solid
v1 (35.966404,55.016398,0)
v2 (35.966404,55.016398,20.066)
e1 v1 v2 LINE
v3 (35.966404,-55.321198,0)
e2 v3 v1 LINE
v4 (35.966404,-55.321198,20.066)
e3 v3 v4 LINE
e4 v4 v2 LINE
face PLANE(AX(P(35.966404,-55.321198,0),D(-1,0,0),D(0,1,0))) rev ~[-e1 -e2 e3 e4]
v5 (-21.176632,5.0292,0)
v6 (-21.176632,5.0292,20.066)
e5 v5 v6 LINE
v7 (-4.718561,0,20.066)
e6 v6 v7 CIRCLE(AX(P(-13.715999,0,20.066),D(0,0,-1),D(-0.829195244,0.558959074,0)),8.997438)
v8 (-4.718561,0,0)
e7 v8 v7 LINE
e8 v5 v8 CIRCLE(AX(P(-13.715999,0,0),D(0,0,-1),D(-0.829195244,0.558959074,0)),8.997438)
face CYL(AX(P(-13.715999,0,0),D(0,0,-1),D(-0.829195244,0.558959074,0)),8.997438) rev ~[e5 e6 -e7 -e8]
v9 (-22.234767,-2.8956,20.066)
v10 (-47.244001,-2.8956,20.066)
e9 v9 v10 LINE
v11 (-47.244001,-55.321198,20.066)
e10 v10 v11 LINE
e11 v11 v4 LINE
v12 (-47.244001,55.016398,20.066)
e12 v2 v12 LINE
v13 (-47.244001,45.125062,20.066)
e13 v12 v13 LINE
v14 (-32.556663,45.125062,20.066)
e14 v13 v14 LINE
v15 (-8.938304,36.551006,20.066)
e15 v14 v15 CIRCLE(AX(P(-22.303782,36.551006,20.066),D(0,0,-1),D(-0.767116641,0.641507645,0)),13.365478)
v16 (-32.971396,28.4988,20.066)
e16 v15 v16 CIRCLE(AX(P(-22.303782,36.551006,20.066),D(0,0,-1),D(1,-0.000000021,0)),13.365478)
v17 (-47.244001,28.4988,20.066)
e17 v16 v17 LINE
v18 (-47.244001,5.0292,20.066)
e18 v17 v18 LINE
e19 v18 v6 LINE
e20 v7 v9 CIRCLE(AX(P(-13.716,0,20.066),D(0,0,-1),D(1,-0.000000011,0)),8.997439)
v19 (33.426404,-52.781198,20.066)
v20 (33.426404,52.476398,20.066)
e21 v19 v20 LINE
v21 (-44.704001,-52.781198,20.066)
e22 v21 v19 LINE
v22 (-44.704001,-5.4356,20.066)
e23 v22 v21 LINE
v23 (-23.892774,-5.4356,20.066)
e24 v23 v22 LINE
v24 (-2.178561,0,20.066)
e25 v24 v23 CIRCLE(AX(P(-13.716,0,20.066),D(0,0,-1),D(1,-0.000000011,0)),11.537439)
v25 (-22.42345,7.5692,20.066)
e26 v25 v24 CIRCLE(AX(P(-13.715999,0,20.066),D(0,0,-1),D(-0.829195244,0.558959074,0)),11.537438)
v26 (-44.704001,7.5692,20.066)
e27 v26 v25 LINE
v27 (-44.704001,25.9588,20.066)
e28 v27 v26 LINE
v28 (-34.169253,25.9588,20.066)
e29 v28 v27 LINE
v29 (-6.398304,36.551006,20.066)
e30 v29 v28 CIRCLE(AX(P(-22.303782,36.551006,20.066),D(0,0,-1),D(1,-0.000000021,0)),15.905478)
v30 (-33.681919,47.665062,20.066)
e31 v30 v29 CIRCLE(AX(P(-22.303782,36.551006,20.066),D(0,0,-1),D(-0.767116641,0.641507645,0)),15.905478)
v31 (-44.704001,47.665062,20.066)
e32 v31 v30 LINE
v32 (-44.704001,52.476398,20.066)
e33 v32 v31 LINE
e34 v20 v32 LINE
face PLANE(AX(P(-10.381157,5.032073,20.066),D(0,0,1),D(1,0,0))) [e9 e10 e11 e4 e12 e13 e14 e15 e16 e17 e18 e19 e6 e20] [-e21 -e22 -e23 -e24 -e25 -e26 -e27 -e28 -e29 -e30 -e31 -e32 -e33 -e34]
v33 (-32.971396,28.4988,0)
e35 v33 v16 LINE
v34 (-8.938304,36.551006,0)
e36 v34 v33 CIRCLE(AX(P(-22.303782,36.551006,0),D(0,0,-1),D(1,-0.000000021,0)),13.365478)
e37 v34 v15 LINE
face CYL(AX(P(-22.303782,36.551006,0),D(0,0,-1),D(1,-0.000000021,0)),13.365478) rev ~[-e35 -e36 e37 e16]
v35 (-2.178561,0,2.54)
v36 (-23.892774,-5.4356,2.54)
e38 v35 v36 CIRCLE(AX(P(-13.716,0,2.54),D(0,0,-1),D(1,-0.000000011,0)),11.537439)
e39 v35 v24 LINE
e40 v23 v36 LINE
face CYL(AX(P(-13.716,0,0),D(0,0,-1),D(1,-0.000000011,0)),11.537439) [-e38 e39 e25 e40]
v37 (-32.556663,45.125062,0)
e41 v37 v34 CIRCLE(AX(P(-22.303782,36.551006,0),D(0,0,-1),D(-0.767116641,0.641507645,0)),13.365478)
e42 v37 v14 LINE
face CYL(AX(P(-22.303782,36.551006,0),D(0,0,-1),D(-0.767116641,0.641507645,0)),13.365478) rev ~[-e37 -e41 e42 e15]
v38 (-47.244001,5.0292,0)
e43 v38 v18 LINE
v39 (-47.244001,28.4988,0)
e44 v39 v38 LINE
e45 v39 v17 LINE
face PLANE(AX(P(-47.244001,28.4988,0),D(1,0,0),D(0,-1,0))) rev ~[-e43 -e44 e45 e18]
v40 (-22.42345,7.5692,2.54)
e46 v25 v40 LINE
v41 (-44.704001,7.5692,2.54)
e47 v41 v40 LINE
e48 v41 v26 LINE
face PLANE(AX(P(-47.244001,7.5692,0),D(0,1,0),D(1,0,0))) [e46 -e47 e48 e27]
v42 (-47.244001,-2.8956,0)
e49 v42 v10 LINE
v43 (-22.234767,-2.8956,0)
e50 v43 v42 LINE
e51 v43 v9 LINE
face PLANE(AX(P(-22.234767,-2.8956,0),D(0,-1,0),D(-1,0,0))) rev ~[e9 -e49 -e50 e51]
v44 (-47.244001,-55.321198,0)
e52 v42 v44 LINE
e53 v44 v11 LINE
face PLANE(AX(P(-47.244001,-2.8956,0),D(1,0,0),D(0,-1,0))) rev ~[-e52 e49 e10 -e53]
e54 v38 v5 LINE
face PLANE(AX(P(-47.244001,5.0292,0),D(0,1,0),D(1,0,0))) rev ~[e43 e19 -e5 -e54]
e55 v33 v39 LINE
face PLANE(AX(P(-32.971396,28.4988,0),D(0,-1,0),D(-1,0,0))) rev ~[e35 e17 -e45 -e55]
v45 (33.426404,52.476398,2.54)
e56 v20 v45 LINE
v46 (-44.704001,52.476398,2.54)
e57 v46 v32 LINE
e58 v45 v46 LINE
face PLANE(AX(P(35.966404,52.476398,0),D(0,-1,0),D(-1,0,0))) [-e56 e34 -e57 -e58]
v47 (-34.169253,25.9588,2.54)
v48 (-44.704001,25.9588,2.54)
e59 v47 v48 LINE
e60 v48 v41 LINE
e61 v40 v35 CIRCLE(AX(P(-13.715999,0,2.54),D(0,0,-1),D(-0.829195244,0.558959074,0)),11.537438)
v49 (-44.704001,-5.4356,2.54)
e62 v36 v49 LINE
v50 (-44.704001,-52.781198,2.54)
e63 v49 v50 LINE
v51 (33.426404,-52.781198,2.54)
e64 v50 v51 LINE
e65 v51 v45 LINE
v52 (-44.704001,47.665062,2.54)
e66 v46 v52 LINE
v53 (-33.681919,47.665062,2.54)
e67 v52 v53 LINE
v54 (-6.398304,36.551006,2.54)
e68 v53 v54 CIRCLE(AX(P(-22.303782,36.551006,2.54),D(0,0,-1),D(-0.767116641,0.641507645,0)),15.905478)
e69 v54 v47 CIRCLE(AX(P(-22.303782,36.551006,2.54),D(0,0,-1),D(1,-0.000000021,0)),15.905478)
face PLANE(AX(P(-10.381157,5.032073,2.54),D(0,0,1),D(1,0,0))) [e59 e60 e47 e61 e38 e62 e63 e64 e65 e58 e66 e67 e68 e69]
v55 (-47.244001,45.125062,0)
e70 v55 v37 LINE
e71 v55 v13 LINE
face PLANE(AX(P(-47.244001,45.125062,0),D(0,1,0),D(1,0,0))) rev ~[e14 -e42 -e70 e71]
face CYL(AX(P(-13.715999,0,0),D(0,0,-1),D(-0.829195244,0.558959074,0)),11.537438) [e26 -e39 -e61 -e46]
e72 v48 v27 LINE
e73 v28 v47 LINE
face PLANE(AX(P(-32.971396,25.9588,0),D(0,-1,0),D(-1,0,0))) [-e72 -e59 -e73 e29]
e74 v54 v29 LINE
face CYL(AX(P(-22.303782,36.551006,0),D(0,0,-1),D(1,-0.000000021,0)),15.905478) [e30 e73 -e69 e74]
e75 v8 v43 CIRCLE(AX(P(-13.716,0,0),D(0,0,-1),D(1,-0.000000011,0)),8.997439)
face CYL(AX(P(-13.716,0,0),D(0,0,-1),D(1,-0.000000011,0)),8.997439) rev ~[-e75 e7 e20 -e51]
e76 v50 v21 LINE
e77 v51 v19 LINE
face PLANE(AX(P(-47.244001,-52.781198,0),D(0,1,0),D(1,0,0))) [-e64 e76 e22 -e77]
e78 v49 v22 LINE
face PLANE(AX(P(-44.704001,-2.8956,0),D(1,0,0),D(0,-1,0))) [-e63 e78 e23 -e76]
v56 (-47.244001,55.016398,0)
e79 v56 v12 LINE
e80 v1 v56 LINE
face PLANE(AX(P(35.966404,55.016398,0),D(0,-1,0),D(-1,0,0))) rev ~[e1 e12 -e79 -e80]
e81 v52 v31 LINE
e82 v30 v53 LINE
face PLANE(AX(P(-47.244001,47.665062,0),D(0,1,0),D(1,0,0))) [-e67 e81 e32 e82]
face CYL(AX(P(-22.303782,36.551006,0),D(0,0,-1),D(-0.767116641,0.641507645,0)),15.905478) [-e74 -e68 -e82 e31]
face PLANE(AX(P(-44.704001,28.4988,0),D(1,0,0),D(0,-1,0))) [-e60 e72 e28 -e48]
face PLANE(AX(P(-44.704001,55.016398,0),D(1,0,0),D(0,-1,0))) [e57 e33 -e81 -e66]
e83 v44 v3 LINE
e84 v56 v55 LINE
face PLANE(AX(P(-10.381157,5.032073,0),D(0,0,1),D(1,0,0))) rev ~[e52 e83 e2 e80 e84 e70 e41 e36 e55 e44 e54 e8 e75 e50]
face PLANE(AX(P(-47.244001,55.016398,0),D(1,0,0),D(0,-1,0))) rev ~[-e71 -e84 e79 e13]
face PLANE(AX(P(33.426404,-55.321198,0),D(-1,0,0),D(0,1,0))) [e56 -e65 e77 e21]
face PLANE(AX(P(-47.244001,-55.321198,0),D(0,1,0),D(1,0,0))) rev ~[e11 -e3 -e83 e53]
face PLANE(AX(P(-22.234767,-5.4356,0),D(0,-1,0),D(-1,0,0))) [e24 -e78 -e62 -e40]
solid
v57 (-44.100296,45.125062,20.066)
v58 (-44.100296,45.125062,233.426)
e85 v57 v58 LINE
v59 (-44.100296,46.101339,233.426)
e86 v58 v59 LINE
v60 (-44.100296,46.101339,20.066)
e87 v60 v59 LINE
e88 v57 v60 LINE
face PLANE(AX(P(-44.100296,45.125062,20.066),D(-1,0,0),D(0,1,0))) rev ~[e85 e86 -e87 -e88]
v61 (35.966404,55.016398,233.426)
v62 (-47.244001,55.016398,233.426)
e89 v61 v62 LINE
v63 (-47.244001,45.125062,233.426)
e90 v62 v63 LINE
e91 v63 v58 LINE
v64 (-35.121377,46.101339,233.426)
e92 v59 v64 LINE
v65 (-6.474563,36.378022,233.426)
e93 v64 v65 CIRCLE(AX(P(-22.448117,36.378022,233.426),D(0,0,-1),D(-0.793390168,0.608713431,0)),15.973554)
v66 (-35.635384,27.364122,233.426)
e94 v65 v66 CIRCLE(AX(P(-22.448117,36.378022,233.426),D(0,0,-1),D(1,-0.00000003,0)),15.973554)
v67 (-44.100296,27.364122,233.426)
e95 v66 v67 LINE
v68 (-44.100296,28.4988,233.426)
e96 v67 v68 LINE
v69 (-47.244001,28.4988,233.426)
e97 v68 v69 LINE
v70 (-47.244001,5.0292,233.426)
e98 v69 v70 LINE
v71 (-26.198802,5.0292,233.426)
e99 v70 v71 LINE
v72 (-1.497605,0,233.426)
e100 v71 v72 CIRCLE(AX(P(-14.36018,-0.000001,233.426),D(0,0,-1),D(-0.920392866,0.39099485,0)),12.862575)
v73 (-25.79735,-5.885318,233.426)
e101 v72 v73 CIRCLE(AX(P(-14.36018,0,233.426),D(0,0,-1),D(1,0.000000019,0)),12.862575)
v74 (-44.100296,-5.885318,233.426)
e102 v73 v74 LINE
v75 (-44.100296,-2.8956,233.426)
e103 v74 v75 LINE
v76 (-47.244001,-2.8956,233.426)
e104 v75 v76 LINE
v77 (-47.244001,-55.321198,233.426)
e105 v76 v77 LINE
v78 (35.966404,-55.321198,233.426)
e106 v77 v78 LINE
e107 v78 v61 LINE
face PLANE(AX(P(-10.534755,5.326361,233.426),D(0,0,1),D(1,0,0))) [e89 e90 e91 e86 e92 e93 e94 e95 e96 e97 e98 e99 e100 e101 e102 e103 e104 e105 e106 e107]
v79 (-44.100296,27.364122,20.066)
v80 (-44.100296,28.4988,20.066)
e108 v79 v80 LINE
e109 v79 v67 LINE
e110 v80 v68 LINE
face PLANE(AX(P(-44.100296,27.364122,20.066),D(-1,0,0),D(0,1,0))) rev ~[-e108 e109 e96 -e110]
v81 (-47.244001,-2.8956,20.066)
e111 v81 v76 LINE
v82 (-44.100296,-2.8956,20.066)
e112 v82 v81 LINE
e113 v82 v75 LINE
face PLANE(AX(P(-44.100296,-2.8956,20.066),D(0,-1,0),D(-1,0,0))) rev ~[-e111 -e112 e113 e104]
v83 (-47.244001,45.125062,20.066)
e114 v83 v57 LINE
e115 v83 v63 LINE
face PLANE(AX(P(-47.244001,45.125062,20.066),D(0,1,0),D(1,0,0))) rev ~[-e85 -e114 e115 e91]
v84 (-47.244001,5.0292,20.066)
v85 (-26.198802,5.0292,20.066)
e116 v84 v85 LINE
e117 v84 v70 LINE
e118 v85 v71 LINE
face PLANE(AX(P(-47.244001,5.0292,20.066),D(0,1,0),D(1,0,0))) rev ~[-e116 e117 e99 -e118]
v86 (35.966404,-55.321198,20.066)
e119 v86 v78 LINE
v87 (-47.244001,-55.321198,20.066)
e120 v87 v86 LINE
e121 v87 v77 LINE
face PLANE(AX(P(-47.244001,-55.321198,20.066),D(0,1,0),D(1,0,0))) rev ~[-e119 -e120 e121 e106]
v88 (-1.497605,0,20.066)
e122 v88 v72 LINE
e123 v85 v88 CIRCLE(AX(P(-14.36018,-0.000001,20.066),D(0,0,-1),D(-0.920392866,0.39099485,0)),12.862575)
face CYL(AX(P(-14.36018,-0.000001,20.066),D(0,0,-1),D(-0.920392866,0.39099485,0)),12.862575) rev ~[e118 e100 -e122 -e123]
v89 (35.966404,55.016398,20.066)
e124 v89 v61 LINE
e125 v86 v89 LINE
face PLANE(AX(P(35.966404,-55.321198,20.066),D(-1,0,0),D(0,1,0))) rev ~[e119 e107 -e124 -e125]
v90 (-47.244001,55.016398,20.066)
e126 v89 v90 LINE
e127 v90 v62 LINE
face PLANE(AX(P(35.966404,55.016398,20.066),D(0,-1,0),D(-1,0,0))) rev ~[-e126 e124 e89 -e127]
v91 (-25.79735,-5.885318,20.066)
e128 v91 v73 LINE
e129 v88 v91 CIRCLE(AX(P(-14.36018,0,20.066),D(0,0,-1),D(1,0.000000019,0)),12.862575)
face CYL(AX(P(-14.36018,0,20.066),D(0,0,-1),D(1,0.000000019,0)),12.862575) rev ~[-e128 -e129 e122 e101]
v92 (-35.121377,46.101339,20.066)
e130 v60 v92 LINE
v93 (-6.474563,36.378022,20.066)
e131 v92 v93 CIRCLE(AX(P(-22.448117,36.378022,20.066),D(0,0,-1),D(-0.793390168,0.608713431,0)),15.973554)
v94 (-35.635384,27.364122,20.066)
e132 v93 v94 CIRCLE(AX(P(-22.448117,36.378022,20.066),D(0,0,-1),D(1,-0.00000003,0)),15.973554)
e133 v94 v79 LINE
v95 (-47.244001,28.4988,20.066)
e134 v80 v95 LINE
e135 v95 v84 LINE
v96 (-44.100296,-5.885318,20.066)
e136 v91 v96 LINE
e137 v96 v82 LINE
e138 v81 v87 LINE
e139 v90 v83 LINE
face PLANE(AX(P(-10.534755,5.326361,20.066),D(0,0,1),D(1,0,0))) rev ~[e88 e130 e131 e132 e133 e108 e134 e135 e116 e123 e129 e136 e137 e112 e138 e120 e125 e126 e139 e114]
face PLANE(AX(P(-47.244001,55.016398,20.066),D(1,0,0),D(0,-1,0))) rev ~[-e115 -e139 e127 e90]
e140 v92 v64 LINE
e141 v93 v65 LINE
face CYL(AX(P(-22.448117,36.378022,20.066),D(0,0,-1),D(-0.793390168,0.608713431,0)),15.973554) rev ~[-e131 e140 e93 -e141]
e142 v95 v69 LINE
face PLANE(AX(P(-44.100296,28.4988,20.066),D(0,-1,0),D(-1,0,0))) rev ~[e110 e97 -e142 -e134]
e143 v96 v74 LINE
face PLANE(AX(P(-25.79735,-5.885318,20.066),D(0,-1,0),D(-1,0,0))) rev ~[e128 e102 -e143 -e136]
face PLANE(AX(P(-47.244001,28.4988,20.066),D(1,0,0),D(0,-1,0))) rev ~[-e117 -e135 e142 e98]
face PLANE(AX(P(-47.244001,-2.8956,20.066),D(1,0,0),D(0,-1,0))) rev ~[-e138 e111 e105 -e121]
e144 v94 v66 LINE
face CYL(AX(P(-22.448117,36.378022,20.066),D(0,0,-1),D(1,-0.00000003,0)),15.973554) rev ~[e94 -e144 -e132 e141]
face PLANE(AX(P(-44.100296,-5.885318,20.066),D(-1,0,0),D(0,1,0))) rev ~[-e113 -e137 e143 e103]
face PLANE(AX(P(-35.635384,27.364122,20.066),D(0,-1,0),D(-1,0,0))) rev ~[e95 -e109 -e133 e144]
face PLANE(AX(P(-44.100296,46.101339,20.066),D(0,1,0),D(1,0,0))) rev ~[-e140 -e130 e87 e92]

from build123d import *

# Parameters (mm, degrees)
F1_DEPTH = 20.066
F3_T     = -2.54
F5_DEPTH = 213.36


with BuildPart() as f1:
    # F0 (on Top) → F1 (new body)
    with BuildSketch(Plane.XY):
        with BuildLine():
            Line((35.966404, 55.016398), (-47.244001, 55.016398))
            Line((-47.244001, 55.016398), (-47.244001, 45.125062))
            Line((-47.244001, 45.125062), (-32.556663, 45.125062))
            ThreePointArc((-32.556663, 45.125062), (-17.743007, 49.114259), (-8.938304, 36.551006))
            ThreePointArc((-8.938304, 36.551006), (-18.057711, 23.877929), (-32.971396, 28.4988))
            Line((-32.971396, 28.4988), (-47.244001, 28.4988))
            Line((-47.244001, 28.4988), (-47.244001, 5.0292))
            Line((-47.244001, 5.0292), (-21.176632, 5.0292))
            ThreePointArc((-21.176632, 5.0292), (-11.086616, 8.604664), (-4.718561, 0))
            ThreePointArc((-4.718561, 0), (-12.24855, -8.876964), (-22.234767, -2.8956))
            Line((-22.234767, -2.8956), (-47.244001, -2.8956))
            Line((-47.244001, -2.8956), (-47.244001, -55.321198))
            Line((-47.244001, -55.321198), (35.966404, -55.321198))
            Line((35.966404, -55.321198), (35.966404, 55.016398))
        make_face()
    extrude(amount=F1_DEPTH)

    # F3
    f3_openings = [f1.faces().sort_by_distance(p)[0] for p in [
        (-2.561101, -3.741649, 20.066),
    ]]
    offset(amount=F3_T, openings=f3_openings)


with BuildPart() as f5:
    # F4 (on face) → F5 (new body)
    with BuildSketch(Plane.XY.offset(20.066)):
        with BuildLine():
            ThreePointArc((-35.121377, 46.101339), (-17.314044, 51.504017), (-6.474563, 36.378022))
            ThreePointArc((-6.474563, 36.378022), (-17.730761, 21.116929), (-35.635384, 27.364122))
            Line((-35.635384, 27.364122), (-44.100296, 27.364122))
            Line((-44.100296, 27.364122), (-44.100296, 28.4988))
            Line((-44.100296, 28.4988), (-47.244001, 28.4988))
            Line((-47.244001, 28.4988), (-47.244001, 5.0292))
            Line((-47.244001, 5.0292), (-26.198802, 5.0292))
            ThreePointArc((-26.198802, 5.0292), (-11.79399, 12.603987), (-1.497605, 0))
            ThreePointArc((-1.497605, 0), (-11.332444, -12.501146), (-25.79735, -5.885318))
            Line((-25.79735, -5.885318), (-44.100296, -5.885318))
            Line((-44.100296, -5.885318), (-44.100296, -2.8956))
            Line((-44.100296, -2.8956), (-47.244001, -2.8956))
            Line((-47.244001, -2.8956), (-47.244001, -55.321198))
            Line((-47.244001, -55.321198), (35.966404, -55.321198))
            Line((35.966404, -55.321198), (35.966404, 55.016398))
            Line((35.966404, 55.016398), (-47.244001, 55.016398))
            Line((-47.244001, 55.016398), (-47.244001, 45.125062))
            Line((-47.244001, 45.125062), (-44.100296, 45.125062))
            Line((-44.100296, 45.125062), (-44.100296, 46.101339))
            Line((-44.100296, 46.101339), (-35.121377, 46.101339))
        make_face()
    extrude(amount=F5_DEPTH)


solid = Compound([f1.part, f5.part])
